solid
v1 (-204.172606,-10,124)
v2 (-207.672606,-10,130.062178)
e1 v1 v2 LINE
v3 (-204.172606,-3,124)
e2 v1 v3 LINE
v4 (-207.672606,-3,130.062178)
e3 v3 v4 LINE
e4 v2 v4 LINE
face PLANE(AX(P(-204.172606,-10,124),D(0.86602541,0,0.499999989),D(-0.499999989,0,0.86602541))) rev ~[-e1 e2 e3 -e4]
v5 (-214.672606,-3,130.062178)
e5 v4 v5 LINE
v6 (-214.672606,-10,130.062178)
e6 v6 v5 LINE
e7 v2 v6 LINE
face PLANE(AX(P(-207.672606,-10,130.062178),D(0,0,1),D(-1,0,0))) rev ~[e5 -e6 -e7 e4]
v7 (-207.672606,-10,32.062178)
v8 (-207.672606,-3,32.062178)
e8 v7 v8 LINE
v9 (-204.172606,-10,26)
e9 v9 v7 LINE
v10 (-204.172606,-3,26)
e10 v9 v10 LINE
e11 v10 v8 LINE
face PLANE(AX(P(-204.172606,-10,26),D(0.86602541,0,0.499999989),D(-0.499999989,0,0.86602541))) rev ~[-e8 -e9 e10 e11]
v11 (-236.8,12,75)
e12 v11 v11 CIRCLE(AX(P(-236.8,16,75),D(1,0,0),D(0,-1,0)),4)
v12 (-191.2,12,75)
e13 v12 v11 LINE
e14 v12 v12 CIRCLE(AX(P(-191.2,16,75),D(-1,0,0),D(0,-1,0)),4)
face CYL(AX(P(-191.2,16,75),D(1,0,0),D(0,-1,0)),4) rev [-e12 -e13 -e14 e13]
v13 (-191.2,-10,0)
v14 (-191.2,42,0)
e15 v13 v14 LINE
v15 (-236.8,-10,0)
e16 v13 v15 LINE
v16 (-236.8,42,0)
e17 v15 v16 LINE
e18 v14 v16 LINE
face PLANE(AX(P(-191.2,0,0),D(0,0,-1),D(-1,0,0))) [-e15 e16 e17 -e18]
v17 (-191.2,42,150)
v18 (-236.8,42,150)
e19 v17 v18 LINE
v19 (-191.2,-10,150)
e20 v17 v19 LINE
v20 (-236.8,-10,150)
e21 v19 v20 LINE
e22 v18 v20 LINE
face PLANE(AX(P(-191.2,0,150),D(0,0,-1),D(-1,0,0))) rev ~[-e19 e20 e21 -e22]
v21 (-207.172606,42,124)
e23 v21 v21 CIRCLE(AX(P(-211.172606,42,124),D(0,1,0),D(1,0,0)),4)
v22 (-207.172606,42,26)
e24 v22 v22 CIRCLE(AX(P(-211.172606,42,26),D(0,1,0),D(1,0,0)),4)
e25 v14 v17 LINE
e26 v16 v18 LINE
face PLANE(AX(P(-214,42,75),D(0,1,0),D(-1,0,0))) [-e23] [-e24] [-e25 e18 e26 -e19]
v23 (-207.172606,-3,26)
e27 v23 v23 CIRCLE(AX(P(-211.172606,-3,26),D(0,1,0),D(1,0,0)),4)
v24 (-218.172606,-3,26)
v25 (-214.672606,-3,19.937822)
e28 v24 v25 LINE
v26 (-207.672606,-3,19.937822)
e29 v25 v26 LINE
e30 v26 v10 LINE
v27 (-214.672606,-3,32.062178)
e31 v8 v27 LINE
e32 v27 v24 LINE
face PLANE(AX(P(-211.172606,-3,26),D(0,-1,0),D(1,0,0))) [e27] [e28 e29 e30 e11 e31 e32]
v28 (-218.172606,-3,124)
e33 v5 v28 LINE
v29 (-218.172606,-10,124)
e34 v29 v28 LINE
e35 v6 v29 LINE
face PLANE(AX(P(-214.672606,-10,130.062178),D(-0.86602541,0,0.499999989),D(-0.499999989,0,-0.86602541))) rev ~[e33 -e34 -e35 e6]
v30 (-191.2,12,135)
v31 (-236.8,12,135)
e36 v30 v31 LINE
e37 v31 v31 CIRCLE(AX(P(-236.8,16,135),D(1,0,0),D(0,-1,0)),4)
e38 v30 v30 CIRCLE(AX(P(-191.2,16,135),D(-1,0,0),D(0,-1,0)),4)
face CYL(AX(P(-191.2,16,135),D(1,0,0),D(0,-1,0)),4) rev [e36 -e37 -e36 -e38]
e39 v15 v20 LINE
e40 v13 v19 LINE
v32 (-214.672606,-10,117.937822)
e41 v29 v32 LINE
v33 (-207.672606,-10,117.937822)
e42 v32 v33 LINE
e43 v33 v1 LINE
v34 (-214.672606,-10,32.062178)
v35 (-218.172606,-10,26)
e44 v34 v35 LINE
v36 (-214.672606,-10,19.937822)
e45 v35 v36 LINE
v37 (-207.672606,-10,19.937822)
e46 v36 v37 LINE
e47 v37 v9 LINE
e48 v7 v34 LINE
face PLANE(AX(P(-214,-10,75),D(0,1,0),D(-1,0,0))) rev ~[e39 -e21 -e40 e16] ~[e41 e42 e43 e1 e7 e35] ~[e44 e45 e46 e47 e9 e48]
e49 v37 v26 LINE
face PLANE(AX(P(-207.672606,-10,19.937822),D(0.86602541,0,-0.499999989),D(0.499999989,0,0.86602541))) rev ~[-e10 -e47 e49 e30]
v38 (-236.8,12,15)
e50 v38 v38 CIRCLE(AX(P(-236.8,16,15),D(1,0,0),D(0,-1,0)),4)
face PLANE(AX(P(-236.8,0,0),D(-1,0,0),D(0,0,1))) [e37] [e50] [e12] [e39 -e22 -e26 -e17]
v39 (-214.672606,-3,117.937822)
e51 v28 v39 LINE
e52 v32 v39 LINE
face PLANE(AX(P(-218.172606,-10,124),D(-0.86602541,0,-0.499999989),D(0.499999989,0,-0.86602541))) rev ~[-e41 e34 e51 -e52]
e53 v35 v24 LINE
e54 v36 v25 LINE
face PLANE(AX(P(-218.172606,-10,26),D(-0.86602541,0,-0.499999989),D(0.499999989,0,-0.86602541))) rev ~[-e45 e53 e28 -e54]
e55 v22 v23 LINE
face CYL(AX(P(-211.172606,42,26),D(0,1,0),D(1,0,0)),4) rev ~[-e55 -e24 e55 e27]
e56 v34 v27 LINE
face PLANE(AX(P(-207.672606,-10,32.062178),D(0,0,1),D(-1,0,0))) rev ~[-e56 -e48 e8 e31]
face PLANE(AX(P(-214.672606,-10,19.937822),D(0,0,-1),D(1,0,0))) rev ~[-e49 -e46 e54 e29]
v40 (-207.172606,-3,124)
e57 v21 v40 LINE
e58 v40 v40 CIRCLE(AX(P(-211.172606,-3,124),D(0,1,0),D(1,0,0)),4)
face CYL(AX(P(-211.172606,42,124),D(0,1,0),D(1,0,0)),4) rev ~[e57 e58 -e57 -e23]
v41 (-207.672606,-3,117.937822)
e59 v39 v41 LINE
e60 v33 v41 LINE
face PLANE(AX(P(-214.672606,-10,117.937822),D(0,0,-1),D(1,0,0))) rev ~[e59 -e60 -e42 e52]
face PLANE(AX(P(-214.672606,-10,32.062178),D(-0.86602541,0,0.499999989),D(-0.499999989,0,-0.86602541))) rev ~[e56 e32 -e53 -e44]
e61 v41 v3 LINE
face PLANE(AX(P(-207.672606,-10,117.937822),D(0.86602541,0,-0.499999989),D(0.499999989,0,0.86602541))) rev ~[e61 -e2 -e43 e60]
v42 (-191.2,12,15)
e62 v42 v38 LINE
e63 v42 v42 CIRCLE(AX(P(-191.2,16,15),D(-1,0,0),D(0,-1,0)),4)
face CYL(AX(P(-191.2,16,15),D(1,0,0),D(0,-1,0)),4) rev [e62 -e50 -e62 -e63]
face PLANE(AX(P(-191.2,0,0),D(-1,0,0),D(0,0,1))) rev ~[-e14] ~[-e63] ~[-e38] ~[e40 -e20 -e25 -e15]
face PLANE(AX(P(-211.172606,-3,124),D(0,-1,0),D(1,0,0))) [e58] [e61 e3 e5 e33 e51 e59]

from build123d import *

# Parameters (mm, degrees)
SKETCH008_W       = 45.6
SKETCH008_H       = 150
PAD004_DEPTH      = 42
PAD004_DEPTH_BACK = 10
SKETCH009_R       = 4
POCKET003_DEPTH   = 52.001
POCKET004_DEPTH   = 7
POCKET005_DEPTH   = 7
SKETCH011_R       = 4
POCKET007_DEPTH   = 45.601


with BuildPart() as part:
    # Sketch008 → Pad004 (new body, two sides)
    with BuildSketch(Plane(origin=(0, 0, 0), x_dir=(-1, 0, 0), z_dir=(0, 1, 0))) as pad004_sk:
        with Locations((214, 75)):
            Rectangle(SKETCH008_W, SKETCH008_H)
    extrude(amount=PAD004_DEPTH)
    extrude(pad004_sk.sketch, amount=-PAD004_DEPTH_BACK)

    # Sketch009 (on Face6 of Pad004) → Pocket003 (cut, through all)
    with BuildSketch(Plane(origin=(0, 42, 0), x_dir=(1, 0, 0), z_dir=(0, 1, 0))):
        with Locations((-211.172606, -26)):
            Circle(SKETCH009_R)
        with Locations((-211.172606, -124)):
            Circle(SKETCH009_R)
    extrude(amount=-POCKET003_DEPTH, mode=Mode.SUBTRACT)

    # Sketch010 (on Face4 of Pocket003) → Pocket004 (cut)
    with BuildSketch(Plane.XZ.offset(10)):
        Polygon((-207.672606, 117.937822), (-204.172606, 124), (-207.672606, 130.062178), (-214.672606, 130.062178), (-218.172606, 124), (-214.672606, 117.937822), align=None)
        Polygon((-207.672606, 19.937822), (-204.172606, 26), (-207.672606, 32.062178), (-214.672606, 32.062178), (-218.172606, 26), (-214.672606, 19.937822), align=None)
    extrude(amount=-POCKET004_DEPTH, mode=Mode.SUBTRACT)

    # Sketch010 (on Face4 of Pocket003) → Pocket005 (cut)
    with BuildSketch(Plane.XZ.offset(10)):
        Polygon((-207.672606, 117.937822), (-204.172606, 124), (-207.672606, 130.062178), (-214.672606, 130.062178), (-218.172606, 124), (-214.672606, 117.937822), align=None)
        Polygon((-207.672606, 19.937822), (-204.172606, 26), (-207.672606, 32.062178), (-214.672606, 32.062178), (-218.172606, 26), (-214.672606, 19.937822), align=None)
    extrude(amount=-POCKET005_DEPTH, mode=Mode.SUBTRACT)

    # Sketch011 → Pocket007 (cut, through all)
    with BuildSketch(Plane(origin=(-191.2, 0, 0), x_dir=(0, -1, 0), z_dir=(-1, 0, 0))):
        with Locations((-16, 135)):
            Circle(SKETCH011_R)
        with Locations((-16, 75)):
            Circle(SKETCH011_R)
        with Locations((-16, 15)):
            Circle(SKETCH011_R)
    extrude(amount=POCKET007_DEPTH, mode=Mode.SUBTRACT)


solid = part.part
